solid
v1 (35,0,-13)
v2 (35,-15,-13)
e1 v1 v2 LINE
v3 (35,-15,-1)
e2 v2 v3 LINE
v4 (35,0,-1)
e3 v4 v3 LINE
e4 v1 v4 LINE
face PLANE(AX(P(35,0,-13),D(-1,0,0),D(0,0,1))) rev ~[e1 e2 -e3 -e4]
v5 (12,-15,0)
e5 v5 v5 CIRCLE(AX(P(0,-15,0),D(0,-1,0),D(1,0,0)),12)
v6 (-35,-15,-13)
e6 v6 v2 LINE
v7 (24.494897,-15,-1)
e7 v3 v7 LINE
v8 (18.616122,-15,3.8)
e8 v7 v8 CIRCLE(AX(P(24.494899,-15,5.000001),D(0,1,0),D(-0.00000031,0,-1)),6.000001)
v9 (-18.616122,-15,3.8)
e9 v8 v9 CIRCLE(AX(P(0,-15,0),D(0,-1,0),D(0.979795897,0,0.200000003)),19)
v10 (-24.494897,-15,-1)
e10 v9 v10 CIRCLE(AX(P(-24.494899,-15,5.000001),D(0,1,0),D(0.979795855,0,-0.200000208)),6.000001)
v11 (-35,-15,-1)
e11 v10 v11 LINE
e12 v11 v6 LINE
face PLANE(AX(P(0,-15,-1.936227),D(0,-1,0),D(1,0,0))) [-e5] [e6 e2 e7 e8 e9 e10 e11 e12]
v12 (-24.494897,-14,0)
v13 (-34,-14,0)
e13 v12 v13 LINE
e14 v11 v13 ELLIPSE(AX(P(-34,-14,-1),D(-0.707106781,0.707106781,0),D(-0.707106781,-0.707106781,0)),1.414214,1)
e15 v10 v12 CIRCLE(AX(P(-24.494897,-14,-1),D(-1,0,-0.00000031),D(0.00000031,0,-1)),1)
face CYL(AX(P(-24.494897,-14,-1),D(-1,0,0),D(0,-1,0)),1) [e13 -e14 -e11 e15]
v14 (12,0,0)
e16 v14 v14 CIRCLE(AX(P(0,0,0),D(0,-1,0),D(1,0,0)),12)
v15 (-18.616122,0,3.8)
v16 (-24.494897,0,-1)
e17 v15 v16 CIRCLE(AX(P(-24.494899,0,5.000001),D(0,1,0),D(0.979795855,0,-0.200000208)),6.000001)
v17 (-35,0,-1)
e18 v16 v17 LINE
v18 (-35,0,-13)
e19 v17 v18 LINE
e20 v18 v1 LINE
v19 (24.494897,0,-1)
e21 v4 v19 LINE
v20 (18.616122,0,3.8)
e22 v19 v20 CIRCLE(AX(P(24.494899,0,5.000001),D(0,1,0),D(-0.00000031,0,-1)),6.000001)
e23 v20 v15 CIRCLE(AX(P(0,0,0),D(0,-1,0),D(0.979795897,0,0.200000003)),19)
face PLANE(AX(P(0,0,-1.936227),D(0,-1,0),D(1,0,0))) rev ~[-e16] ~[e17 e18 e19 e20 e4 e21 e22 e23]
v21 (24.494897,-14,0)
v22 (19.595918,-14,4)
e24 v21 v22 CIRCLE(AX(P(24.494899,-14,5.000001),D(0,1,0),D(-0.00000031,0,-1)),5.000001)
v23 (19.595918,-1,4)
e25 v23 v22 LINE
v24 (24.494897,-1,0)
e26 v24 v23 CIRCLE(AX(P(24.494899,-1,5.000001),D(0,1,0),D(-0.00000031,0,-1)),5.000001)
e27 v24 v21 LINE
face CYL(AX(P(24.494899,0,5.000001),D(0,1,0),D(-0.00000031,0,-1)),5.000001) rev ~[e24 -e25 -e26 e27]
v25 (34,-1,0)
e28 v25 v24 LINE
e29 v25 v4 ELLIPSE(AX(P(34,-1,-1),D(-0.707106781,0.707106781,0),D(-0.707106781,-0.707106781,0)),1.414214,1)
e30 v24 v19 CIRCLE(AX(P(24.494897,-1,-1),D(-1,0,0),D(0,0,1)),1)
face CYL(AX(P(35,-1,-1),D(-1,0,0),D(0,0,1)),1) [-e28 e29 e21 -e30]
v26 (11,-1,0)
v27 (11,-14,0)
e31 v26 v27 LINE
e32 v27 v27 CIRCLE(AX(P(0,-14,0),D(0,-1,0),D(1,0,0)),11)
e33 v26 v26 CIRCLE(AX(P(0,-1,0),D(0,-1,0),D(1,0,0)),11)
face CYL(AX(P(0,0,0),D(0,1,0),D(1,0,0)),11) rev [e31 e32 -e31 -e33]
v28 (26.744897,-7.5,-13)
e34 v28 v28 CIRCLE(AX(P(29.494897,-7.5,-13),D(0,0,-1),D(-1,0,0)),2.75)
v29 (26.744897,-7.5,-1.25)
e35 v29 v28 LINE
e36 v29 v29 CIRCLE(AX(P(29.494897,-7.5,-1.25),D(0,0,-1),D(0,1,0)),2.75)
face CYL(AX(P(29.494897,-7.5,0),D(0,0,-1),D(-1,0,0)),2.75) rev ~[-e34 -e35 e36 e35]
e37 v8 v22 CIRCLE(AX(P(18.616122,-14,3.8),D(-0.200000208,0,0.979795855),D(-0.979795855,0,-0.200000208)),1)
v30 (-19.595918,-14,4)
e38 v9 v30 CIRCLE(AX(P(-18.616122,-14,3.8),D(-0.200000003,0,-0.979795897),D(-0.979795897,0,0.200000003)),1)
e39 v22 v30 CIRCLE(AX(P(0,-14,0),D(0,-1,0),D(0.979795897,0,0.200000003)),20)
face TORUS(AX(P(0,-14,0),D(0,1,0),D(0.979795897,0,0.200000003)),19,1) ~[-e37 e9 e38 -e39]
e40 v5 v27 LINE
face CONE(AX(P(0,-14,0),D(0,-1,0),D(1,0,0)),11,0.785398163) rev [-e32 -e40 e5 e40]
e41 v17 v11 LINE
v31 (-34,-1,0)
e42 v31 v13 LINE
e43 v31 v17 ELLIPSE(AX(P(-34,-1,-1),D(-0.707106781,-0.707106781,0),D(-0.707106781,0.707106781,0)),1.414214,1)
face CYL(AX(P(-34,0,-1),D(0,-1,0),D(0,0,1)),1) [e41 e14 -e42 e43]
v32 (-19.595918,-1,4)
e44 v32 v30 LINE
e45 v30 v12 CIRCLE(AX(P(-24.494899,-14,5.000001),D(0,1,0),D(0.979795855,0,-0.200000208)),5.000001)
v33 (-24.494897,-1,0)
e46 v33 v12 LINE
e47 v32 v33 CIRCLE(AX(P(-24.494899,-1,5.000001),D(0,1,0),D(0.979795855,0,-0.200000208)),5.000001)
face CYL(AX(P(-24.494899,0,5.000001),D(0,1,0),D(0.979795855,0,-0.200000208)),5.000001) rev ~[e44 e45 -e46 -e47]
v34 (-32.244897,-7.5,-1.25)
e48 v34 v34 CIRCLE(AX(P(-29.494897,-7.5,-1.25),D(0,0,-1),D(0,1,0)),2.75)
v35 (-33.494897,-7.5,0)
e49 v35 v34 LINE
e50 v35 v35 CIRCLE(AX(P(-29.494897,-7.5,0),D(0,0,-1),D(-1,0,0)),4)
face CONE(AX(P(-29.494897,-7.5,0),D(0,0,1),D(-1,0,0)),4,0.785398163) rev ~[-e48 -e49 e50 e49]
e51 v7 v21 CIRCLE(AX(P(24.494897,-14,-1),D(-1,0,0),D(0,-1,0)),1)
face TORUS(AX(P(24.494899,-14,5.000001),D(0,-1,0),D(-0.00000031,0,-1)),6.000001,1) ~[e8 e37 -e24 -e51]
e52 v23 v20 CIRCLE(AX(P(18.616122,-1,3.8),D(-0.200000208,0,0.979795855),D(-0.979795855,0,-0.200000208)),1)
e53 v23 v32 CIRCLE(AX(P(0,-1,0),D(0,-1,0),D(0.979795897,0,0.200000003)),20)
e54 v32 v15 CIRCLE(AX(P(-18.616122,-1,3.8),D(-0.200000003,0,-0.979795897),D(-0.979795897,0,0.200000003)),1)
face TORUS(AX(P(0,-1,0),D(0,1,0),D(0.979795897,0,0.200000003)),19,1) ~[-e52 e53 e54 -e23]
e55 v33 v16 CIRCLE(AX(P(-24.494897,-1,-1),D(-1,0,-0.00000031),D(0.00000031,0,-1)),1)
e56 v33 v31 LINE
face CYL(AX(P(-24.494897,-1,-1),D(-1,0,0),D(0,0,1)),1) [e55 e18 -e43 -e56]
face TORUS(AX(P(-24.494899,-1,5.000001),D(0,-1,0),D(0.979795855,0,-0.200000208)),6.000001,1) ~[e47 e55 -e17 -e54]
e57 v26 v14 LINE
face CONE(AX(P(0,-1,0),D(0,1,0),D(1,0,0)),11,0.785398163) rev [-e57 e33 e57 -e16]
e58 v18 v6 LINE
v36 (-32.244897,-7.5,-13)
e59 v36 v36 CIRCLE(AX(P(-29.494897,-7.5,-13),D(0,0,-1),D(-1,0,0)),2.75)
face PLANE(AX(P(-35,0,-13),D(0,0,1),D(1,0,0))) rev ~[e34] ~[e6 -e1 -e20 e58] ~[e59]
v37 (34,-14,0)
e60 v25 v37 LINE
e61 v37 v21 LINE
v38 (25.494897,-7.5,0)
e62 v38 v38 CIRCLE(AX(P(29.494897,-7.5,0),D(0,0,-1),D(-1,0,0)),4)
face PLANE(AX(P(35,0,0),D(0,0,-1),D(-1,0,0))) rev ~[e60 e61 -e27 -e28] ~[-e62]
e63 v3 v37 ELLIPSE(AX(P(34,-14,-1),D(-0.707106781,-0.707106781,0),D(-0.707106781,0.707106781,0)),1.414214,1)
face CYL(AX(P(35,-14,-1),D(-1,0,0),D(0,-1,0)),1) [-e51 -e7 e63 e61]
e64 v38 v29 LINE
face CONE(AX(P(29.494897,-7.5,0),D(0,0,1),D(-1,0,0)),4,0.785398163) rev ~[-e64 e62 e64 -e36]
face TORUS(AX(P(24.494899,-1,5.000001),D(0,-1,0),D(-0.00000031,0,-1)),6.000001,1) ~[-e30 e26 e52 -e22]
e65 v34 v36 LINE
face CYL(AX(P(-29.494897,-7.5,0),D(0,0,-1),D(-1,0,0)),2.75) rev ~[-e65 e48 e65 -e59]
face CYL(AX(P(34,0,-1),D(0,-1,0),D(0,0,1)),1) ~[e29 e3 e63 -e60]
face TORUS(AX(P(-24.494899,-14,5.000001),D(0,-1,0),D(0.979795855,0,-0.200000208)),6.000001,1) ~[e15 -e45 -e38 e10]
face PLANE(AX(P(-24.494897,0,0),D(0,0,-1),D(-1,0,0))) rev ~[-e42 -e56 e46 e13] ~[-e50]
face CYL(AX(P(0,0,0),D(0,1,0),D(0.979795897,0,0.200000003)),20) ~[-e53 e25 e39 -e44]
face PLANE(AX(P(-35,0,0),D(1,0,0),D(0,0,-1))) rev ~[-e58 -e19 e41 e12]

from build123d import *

# Parameters (mm, degrees)
F0_R           = 11
F1_DEPTH       = 15
F3_D           = 5.5
F3_CSINK_D     = 8
F3_CSINK_ANGLE = 90
F4_SIZE        = 1
F5_R           = 1


with BuildPart() as f1:
    # F0 (on Front) → F1 (new body)
    with BuildSketch(Plane.XZ):
        with BuildLine():
            ThreePointArc((24.494897, 0), (21.33262, 1.127017), (19.595918, 4))
            ThreePointArc((19.595918, 4), (0, 20), (-19.595918, 4))
            ThreePointArc((-19.595918, 4), (-21.33262, 1.127017), (-24.494897, 0))
            Line((-24.494897, 0), (-35, 0))
            Line((-35, 0), (-35, -13))
            Line((-35, -13), (35, -13))
            Line((35, -13), (35, 0))
            Line((35, 0), (24.494897, 0))
        make_face()
        Circle(F0_R, mode=Mode.SUBTRACT)
    extrude(amount=F1_DEPTH)

    # F3 (through all)
    with Locations(Plane.XY):
        with Locations((-29.494897, -7.5), (-29.494897, -22.5), (29.494897, -7.5), (29.494897, -22.5)):
            CounterSinkHole(F3_D / 2, F3_CSINK_D / 2, counter_sink_angle=F3_CSINK_ANGLE)

    # F4
    f4_edges = [f1.edges().sort_by_distance(p)[0] for p in [
        (-11, -15, 0),
        (-11, 0, 0),
    ]]
    chamfer(f4_edges, length=F4_SIZE)

    # F5
    f5_edges = [f1.edges().sort_by_distance(p)[0] for p in [
        (0, 0, 20),
        (0, -15, 20),
        (35, -7.5, 0),
        (-35, -7.5, 0),
    ]]
    fillet(f5_edges, radius=F5_R)


solid = f1.part
